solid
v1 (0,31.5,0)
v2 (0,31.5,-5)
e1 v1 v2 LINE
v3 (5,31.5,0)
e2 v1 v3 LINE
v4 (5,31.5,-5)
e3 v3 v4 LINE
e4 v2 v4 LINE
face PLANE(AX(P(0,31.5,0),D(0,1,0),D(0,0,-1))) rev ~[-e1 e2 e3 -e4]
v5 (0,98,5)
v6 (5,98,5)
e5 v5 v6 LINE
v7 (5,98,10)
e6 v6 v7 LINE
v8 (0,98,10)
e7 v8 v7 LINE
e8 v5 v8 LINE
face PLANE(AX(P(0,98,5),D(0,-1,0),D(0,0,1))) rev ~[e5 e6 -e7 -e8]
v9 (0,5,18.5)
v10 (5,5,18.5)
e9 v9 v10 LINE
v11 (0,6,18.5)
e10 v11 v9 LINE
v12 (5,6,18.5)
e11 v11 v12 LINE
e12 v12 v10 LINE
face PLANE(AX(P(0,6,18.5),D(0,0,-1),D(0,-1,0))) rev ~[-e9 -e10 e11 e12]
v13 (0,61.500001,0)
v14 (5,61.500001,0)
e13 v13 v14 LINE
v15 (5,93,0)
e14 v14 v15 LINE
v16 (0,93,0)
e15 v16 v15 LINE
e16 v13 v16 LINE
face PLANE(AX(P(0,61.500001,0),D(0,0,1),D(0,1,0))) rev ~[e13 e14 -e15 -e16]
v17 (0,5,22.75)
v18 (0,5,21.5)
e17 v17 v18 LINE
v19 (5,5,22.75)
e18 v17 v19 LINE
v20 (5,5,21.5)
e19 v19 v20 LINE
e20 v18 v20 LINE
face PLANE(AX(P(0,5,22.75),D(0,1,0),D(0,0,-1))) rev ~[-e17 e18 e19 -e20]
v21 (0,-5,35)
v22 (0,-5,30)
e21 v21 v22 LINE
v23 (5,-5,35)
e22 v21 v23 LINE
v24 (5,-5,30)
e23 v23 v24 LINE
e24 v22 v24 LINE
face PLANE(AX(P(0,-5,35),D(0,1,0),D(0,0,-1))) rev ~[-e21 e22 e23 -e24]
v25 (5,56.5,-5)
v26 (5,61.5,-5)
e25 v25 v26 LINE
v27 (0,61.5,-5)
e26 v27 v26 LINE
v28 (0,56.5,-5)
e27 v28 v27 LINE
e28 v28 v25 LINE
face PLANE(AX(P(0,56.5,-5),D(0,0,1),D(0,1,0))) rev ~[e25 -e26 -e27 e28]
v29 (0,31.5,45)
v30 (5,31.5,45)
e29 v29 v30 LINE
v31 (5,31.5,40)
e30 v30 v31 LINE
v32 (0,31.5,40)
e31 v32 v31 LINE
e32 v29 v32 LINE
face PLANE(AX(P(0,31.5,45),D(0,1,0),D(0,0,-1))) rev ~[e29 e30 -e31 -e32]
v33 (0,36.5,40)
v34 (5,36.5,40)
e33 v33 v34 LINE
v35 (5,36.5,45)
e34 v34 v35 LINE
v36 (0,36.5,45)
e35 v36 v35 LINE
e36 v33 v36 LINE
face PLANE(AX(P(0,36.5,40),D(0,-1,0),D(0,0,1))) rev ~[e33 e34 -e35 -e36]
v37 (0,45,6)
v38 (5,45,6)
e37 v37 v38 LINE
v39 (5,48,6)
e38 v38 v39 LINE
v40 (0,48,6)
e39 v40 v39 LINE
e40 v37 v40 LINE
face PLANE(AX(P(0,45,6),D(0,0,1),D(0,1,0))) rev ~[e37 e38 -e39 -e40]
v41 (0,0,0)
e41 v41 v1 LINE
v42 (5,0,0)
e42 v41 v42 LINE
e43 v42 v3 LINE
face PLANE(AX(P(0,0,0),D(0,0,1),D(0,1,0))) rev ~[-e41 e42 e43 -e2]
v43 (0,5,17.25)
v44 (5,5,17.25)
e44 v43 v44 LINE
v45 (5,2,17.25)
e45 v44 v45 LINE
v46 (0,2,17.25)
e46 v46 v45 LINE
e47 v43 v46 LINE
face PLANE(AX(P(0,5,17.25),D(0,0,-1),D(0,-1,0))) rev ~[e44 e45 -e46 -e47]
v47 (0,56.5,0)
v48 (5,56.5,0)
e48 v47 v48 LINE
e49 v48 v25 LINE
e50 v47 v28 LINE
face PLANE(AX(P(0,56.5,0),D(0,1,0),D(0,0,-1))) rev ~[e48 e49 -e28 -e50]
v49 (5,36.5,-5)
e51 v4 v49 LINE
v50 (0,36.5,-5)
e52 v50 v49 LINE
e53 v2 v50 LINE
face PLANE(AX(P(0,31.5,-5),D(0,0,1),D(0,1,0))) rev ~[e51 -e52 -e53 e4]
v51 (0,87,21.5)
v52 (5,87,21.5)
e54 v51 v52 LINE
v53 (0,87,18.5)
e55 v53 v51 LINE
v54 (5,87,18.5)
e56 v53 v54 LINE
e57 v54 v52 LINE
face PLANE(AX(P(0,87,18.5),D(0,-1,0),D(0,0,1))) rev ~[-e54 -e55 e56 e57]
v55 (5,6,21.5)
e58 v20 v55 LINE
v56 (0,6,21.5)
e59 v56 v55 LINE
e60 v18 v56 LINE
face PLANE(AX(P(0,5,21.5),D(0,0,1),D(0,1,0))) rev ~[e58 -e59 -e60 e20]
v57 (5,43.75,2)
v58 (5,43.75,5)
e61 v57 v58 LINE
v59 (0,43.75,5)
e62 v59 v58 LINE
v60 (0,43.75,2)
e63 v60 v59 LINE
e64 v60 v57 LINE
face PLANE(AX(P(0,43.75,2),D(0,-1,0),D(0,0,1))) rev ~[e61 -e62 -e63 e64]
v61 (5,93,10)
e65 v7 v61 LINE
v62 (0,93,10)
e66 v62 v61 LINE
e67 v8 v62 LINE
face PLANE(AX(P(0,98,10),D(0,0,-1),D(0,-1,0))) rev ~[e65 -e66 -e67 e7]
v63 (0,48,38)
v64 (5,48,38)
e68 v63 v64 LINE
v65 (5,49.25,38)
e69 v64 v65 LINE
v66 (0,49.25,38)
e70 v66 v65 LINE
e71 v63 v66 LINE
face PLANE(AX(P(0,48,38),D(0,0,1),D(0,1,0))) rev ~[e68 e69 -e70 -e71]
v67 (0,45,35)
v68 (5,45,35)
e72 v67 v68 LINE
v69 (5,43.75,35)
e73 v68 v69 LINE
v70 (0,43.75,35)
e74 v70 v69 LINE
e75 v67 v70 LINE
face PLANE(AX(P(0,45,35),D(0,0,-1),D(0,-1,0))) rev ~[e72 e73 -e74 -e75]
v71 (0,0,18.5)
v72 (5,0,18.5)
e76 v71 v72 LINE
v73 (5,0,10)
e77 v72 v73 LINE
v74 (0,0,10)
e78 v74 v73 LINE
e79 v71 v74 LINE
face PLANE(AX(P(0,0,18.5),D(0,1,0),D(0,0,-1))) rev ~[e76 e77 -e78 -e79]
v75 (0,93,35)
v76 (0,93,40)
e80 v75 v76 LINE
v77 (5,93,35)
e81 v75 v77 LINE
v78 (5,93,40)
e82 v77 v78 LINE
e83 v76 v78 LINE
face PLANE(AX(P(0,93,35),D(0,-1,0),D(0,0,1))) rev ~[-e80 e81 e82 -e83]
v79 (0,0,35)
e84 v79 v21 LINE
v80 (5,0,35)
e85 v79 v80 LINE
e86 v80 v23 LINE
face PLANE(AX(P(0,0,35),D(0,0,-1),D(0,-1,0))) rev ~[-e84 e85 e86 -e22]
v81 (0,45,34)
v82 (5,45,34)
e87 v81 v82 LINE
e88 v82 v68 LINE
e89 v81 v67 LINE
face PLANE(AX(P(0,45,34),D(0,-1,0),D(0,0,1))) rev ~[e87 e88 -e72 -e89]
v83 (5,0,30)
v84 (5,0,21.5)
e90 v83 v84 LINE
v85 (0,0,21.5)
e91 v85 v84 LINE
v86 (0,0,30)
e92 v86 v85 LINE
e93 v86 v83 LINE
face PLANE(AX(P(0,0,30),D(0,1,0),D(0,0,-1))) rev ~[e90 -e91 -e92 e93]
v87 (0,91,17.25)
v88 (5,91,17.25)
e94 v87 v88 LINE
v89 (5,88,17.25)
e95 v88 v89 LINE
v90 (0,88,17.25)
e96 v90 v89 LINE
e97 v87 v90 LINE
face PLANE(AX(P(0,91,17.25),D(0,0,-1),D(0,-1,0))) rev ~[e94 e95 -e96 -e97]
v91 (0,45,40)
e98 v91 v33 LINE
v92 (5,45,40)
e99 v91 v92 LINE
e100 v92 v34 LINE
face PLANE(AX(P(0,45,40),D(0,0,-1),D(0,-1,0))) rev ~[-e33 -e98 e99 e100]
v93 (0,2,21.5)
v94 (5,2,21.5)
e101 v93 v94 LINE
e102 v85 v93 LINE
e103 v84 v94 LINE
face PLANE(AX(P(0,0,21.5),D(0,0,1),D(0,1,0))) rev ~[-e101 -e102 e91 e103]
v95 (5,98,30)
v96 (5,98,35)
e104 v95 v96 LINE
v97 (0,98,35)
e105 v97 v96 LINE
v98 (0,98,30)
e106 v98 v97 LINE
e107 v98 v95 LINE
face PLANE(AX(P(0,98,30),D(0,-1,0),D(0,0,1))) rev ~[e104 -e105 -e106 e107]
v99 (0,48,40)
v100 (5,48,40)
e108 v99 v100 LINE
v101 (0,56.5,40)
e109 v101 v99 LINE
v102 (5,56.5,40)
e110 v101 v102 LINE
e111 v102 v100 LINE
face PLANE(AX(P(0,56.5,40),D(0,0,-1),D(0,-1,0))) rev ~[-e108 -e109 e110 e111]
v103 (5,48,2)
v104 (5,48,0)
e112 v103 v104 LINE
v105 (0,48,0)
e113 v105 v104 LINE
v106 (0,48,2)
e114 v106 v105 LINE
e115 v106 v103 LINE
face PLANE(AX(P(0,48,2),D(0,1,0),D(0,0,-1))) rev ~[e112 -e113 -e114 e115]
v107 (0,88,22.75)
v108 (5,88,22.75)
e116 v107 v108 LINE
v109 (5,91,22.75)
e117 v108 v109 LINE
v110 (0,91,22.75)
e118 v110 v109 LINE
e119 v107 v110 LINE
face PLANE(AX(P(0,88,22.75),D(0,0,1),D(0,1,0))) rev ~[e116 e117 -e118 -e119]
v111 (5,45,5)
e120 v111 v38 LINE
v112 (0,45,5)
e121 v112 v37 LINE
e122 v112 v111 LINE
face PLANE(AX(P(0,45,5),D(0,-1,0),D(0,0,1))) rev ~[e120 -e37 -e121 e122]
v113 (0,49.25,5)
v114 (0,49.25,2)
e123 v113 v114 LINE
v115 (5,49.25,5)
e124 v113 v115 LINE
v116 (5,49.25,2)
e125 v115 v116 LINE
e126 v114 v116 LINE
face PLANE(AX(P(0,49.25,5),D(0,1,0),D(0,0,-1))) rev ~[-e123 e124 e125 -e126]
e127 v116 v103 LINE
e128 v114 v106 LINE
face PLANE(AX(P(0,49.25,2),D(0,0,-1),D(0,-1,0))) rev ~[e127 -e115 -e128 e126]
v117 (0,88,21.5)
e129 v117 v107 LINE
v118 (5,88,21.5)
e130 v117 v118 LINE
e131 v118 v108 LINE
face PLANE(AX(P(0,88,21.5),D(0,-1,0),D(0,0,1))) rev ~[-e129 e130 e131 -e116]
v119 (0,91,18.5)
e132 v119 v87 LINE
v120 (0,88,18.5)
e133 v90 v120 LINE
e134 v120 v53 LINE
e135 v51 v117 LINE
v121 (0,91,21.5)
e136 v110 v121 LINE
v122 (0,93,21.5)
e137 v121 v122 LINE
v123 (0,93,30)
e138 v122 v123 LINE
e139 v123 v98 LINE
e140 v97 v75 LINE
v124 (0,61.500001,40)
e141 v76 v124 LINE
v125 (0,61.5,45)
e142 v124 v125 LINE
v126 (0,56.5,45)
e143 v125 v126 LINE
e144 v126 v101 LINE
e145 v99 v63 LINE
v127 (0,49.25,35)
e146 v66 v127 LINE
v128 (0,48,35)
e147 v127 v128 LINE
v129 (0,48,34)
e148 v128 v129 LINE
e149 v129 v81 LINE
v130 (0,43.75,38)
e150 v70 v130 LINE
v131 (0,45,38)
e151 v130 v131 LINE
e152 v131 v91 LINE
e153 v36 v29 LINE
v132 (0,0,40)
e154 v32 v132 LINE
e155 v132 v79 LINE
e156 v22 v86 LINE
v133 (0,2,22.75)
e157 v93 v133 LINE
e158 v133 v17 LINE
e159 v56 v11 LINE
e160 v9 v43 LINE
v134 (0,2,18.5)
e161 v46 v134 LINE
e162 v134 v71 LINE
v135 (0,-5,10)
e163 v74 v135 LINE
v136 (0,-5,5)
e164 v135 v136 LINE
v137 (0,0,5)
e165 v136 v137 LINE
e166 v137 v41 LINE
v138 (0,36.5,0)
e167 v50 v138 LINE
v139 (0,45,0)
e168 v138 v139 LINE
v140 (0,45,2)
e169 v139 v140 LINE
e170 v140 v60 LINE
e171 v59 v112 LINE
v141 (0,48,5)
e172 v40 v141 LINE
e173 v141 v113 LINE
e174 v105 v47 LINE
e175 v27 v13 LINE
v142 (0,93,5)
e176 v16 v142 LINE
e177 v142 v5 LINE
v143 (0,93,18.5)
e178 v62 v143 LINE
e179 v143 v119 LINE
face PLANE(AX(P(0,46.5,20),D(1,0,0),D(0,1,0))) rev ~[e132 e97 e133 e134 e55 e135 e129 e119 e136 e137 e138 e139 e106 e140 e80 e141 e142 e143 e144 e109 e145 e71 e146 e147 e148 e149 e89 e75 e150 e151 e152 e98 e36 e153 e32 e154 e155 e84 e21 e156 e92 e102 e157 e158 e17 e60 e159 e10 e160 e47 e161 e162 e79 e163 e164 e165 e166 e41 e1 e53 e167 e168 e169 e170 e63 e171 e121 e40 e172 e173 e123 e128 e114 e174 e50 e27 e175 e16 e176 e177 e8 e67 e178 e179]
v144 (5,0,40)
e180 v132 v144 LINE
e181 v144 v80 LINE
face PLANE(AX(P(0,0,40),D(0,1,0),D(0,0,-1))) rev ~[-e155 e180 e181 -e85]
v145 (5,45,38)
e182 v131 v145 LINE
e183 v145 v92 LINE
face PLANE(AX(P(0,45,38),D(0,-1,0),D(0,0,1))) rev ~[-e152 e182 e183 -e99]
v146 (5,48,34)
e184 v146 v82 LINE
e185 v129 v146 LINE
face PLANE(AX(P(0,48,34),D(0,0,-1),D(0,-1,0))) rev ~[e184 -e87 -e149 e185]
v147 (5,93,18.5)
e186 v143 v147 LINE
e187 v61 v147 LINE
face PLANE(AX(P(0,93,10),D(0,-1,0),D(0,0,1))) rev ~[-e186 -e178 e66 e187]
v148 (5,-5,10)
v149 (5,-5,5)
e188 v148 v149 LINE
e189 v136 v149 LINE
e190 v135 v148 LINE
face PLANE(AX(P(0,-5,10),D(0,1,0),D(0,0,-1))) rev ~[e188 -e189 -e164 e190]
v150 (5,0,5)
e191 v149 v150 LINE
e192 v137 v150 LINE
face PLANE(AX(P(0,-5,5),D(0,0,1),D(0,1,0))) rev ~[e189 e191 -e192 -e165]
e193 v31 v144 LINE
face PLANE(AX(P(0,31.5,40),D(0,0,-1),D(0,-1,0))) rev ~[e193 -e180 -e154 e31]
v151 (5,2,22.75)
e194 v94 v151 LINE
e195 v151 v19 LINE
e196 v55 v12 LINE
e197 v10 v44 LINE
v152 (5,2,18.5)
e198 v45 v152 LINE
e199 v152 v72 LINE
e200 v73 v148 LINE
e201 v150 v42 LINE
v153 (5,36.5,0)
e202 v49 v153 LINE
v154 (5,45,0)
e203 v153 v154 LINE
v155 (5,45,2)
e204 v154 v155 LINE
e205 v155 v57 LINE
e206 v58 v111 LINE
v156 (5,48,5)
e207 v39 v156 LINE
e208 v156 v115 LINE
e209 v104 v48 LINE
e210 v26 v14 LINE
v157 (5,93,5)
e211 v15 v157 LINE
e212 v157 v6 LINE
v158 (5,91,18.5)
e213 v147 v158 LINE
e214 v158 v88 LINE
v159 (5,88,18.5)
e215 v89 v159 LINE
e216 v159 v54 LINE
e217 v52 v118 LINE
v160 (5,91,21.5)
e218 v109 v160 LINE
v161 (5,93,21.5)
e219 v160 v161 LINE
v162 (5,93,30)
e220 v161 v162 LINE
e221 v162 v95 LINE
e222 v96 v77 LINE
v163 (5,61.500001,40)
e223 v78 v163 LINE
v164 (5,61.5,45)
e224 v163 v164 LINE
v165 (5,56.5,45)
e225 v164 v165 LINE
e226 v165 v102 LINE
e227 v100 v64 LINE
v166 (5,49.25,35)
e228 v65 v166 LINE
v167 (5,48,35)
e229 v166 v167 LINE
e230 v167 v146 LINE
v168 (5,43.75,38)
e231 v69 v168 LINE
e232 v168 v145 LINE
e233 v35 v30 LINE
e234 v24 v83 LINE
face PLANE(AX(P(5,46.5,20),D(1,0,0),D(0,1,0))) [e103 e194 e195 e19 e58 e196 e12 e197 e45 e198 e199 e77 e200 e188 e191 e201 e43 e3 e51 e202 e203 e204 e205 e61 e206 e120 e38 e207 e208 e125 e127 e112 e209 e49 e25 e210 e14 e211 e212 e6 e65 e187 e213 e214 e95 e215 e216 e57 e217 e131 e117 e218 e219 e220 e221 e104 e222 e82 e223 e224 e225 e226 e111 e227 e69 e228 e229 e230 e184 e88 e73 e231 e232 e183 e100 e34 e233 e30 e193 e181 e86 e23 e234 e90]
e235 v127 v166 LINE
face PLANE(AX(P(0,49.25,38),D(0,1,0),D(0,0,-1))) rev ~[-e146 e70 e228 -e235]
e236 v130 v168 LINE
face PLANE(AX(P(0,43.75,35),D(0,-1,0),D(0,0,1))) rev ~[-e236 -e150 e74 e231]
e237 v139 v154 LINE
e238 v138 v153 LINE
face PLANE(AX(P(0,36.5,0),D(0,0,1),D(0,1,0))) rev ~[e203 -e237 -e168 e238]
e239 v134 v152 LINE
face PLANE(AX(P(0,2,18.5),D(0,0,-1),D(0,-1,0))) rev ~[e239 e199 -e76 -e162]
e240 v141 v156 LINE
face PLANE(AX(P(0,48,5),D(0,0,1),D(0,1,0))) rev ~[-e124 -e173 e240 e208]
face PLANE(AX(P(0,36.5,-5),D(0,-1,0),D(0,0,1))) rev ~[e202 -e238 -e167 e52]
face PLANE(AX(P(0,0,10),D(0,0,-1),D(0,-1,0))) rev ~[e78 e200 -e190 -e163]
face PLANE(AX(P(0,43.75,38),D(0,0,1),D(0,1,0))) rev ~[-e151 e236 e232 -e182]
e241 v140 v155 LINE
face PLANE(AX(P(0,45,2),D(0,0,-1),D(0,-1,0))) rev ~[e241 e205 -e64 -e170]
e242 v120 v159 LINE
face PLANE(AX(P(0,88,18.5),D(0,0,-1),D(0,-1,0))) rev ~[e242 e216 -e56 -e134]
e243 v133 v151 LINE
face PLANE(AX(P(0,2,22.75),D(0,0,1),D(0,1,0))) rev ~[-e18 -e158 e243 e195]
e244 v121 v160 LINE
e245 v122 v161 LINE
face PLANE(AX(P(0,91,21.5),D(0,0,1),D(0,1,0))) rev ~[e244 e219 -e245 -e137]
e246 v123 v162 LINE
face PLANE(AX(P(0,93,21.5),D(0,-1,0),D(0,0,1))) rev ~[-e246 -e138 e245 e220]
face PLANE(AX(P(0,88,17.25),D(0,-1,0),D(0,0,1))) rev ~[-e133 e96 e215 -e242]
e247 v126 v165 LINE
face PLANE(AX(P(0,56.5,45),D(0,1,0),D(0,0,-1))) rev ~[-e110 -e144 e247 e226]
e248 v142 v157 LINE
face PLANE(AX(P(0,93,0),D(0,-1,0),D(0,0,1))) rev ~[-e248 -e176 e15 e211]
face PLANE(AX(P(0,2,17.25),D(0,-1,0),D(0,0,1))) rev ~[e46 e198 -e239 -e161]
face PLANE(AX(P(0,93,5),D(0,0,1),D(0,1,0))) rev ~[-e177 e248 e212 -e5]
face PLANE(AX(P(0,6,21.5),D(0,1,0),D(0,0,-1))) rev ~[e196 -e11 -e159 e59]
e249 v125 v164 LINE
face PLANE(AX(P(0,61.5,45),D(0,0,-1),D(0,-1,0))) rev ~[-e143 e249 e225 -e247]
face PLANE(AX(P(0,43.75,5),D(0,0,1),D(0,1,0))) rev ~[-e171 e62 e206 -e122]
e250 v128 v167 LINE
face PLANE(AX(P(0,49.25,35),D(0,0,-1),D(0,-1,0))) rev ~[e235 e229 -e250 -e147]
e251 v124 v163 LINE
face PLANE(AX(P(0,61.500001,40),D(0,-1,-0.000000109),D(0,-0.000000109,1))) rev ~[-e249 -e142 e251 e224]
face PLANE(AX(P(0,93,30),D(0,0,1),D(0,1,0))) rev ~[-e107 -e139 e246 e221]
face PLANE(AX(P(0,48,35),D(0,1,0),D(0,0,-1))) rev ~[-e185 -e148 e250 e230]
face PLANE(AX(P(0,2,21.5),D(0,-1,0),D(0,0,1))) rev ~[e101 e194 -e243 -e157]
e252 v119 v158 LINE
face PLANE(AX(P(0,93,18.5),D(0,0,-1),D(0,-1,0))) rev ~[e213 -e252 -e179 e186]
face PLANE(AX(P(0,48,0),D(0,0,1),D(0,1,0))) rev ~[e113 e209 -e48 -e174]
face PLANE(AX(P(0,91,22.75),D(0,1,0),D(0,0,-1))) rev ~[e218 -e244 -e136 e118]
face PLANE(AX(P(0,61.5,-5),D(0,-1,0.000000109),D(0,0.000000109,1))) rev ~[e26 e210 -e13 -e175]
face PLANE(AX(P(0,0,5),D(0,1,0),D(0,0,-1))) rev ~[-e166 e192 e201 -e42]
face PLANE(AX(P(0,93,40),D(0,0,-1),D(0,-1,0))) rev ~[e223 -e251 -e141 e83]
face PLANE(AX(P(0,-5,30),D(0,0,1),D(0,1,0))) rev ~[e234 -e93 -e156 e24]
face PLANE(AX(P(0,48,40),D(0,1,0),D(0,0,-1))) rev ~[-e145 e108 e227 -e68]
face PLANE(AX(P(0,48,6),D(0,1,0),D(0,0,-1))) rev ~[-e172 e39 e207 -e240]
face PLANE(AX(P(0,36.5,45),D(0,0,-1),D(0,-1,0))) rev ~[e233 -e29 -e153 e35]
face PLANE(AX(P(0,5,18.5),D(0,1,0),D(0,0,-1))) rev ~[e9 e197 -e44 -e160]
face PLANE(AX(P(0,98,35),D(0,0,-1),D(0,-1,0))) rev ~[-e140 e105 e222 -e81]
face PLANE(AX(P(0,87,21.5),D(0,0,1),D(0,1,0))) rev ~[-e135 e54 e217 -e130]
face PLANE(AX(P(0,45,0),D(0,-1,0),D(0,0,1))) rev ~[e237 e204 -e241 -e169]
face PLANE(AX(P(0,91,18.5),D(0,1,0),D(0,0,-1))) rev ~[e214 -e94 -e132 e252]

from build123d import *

# Parameters (mm, degrees)
F2_DEPTH = 5


with BuildPart() as f2:
    # F1 (on Right) → F2 (new body)
    with BuildSketch(Plane.YZ):
        Polygon((0, 5), (0, 0), (31.5, 0), (31.5, -5), (36.5, -5), (36.5, 0), (45, 0), (45, 2), (43.75, 2), (43.75, 5), (45, 5), (45, 6), (48, 6), (48, 5), (49.25, 5), (49.25, 2), (48, 2), (48, 0), (56.5, 0), (56.5, -5), (61.5, -5), (61.5000005474, 0), (93, 0), (93, 5), (98, 5), (98, 10), (93, 10), (93, 18.5), (91, 18.5), (91, 17.25), (88, 17.25), (88, 18.5), (87, 18.5), (87, 21.5), (88, 21.5), (88, 22.75), (91, 22.75), (91, 21.5), (93, 21.5), (93, 30), (98, 30), (98, 35), (93, 35), (93, 40), (61.5000005474, 40), (61.5, 45), (56.5, 45), (56.5, 40), (48, 40), (48, 38), (49.25, 38), (49.25, 35), (48, 35), (48, 34), (45, 34), (45, 35), (43.75, 35), (43.75, 38), (45, 38), (45, 40), (36.5, 40), (36.5, 45), (31.5, 45), (31.5, 40), (0, 40), (0, 35), (-5, 35), (-5, 30), (0, 30), (0, 21.5), (2, 21.5), (2, 22.75), (5, 22.75), (5, 21.5), (6, 21.5), (6, 18.5), (5, 18.5), (5, 17.25), (2, 17.25), (2, 18.5), (0, 18.5), (0, 10), (-5, 10), (-5, 5), align=None)
    extrude(amount=F2_DEPTH)


solid = f2.part
